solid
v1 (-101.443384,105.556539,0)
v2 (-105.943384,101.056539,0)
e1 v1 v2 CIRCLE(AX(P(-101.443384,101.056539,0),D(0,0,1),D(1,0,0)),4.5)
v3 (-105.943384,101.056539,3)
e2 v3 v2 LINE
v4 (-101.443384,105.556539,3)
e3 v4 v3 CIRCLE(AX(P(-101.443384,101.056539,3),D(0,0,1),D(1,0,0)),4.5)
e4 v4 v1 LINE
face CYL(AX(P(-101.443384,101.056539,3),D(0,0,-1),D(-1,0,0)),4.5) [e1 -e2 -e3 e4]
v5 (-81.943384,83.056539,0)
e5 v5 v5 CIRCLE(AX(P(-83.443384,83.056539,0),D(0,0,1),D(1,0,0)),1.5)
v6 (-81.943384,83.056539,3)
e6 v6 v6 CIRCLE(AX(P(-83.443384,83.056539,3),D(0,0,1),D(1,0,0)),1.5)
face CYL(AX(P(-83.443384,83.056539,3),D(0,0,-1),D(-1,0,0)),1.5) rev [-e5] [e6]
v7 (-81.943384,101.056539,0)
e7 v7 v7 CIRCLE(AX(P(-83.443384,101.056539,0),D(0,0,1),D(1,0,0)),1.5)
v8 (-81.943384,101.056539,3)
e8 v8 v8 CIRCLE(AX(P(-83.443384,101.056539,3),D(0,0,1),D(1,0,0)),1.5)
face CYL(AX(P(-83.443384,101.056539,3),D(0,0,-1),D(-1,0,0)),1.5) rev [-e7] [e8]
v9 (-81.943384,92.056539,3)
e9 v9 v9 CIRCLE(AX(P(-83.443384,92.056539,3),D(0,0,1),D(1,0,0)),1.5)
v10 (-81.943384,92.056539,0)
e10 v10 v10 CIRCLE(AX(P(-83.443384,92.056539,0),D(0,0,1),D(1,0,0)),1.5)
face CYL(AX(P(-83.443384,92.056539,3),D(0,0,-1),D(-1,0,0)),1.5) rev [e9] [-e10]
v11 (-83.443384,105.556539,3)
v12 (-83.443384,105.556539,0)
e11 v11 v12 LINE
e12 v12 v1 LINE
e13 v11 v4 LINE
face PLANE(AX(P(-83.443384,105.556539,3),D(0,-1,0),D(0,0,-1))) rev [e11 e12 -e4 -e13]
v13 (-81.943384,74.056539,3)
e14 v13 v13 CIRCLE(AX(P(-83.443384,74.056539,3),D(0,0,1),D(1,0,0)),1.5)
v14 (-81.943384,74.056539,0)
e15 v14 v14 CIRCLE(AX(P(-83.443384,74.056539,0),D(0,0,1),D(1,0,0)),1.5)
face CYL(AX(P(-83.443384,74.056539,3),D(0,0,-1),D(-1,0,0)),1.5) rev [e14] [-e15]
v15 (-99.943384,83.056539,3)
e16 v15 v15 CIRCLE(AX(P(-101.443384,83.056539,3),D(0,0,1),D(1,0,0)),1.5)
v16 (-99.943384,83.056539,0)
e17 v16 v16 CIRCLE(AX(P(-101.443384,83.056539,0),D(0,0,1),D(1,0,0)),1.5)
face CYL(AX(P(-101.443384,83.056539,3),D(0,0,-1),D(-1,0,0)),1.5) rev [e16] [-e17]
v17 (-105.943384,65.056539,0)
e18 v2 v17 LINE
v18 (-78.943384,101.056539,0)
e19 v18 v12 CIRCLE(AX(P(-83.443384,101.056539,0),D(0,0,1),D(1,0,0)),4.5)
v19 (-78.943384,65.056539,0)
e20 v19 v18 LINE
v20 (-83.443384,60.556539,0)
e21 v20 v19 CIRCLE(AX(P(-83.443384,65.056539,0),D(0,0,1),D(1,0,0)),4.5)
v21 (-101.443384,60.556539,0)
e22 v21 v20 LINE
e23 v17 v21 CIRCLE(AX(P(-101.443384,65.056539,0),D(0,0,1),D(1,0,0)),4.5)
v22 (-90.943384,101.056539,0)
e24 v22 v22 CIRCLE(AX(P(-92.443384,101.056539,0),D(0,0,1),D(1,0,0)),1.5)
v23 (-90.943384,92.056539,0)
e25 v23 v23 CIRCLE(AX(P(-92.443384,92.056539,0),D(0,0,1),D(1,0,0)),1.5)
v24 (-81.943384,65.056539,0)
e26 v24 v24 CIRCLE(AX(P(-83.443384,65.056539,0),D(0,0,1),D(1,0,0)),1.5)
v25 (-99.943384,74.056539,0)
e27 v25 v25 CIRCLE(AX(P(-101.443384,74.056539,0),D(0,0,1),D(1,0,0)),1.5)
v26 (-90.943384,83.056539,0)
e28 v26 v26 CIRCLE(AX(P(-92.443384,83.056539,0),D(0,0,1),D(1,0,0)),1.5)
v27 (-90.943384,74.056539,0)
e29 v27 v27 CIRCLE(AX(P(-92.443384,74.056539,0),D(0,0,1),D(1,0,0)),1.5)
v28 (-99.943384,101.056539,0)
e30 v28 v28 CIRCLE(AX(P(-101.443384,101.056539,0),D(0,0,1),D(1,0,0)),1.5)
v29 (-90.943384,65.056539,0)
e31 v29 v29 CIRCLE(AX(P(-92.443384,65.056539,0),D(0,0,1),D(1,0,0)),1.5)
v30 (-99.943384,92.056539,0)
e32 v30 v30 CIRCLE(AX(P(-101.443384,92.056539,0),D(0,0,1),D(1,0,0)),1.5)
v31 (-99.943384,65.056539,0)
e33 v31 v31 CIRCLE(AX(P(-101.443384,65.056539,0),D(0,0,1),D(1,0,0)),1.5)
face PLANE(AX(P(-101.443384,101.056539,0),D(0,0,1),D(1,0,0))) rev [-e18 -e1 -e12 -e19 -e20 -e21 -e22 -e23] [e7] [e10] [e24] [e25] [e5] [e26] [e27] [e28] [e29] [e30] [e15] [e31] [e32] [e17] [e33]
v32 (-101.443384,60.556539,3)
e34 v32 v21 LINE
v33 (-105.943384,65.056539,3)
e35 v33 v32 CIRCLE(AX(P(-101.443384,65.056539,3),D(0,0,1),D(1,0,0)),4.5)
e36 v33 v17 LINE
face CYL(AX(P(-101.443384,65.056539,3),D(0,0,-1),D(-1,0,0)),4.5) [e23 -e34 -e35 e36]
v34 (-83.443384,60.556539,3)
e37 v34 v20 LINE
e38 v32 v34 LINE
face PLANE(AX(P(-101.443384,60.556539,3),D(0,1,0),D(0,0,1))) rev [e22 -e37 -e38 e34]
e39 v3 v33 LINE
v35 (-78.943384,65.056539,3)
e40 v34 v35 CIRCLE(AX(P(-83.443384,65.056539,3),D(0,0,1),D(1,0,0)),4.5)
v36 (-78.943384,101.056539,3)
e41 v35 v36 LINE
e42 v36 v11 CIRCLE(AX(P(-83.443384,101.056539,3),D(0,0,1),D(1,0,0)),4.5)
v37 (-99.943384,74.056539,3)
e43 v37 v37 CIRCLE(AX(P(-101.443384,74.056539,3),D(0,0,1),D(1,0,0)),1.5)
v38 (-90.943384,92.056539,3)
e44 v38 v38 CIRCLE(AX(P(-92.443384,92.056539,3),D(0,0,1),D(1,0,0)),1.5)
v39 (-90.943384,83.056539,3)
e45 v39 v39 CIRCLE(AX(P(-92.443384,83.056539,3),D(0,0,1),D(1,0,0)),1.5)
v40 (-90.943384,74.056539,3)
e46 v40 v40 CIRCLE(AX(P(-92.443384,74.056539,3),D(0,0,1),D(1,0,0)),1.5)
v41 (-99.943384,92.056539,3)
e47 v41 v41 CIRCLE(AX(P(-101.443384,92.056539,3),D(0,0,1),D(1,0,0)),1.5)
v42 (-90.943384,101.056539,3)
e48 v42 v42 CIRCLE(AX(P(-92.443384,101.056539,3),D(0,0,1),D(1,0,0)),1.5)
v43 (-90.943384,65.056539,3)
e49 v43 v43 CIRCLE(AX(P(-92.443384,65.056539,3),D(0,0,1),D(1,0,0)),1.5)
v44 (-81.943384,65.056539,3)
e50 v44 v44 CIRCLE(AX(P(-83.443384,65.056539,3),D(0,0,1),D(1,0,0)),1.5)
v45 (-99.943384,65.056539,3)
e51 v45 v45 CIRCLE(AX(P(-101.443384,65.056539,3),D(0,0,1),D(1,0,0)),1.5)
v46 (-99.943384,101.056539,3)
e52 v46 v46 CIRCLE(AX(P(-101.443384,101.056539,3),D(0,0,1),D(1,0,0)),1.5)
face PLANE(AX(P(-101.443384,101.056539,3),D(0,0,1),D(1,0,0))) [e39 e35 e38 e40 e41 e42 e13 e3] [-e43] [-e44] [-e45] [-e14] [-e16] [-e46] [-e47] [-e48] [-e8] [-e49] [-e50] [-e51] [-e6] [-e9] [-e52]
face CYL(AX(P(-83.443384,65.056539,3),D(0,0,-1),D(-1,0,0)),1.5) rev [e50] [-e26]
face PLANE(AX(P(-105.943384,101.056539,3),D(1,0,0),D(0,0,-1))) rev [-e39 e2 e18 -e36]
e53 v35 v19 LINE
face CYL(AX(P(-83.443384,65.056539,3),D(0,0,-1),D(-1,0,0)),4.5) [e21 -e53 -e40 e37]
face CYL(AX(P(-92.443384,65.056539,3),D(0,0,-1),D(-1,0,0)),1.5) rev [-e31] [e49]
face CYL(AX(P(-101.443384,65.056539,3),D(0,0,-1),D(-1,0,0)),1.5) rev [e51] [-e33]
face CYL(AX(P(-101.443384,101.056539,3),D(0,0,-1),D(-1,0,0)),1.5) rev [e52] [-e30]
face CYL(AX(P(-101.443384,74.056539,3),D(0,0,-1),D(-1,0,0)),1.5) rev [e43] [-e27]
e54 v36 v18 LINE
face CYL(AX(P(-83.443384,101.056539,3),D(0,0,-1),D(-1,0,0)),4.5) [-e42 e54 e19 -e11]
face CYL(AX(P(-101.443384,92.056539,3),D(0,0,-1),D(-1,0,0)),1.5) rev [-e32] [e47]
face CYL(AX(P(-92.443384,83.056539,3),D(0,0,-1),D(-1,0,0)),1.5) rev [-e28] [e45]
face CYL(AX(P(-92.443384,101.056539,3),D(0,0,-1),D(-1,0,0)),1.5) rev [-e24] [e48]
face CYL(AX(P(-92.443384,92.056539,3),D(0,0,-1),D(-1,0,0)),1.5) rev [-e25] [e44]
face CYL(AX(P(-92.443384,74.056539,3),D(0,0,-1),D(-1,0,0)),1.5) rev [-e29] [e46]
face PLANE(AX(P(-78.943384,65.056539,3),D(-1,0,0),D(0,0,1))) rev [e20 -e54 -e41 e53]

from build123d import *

# Parameters (mm, degrees)
MODEL_R                 = 1.5
SALIENTE_EXTRUIR1_DEPTH = 3


with BuildPart() as part:
    # Model → Saliente-Extruir1 (new body)
    with BuildSketch(Plane.XY):
        with BuildLine():
            Line((-105.943383637, 101.056539338), (-105.943383637, 65.056539338))
            ThreePointArc((-105.943383637, 65.056539338), (-104.625364152, 61.874558823), (-101.443383637, 60.556539338))
            Line((-101.443383637, 60.556539338), (-83.443383637, 60.556539338))
            ThreePointArc((-83.443383637, 60.556539338), (-80.261403122, 61.874558823), (-78.943383637, 65.056539338))
            Line((-78.943383637, 65.056539338), (-78.943383637, 101.056539338))
            ThreePointArc((-78.943383637, 101.056539338), (-80.261403122, 104.238519853), (-83.443383637, 105.556539338))
            Line((-83.443383637, 105.556539338), (-101.443383637, 105.556539338))
            ThreePointArc((-101.443383637, 105.556539338), (-104.625364152, 104.238519853), (-105.943383637, 101.056539338))
        make_face()
        with Locations((-101.443383637, 101.056539338)):
            Circle(MODEL_R, mode=Mode.SUBTRACT)
        with Locations((-92.443383637, 101.056539338)):
            Circle(MODEL_R, mode=Mode.SUBTRACT)
        with Locations((-83.443383637, 101.056539338)):
            Circle(MODEL_R, mode=Mode.SUBTRACT)
        with Locations((-101.443383637, 92.056539338)):
            Circle(MODEL_R, mode=Mode.SUBTRACT)
        with Locations((-92.443383637, 92.056539338)):
            Circle(MODEL_R, mode=Mode.SUBTRACT)
        with Locations((-83.443383637, 92.056539338)):
            Circle(MODEL_R, mode=Mode.SUBTRACT)
        with Locations((-101.443383637, 83.056539338)):
            Circle(MODEL_R, mode=Mode.SUBTRACT)
        with Locations((-92.443383637, 83.056539338)):
            Circle(MODEL_R, mode=Mode.SUBTRACT)
        with Locations((-83.443383637, 83.056539338)):
            Circle(MODEL_R, mode=Mode.SUBTRACT)
        with Locations((-101.443383637, 74.056539338)):
            Circle(MODEL_R, mode=Mode.SUBTRACT)
        with Locations((-92.443383637, 74.056539338)):
            Circle(MODEL_R, mode=Mode.SUBTRACT)
        with Locations((-83.443383637, 74.056539338)):
            Circle(MODEL_R, mode=Mode.SUBTRACT)
        with Locations((-101.443383637, 65.056539338)):
            Circle(MODEL_R, mode=Mode.SUBTRACT)
        with Locations((-92.443383637, 65.056539338)):
            Circle(MODEL_R, mode=Mode.SUBTRACT)
        with Locations((-83.443383637, 65.056539338)):
            Circle(MODEL_R, mode=Mode.SUBTRACT)
    extrude(amount=SALIENTE_EXTRUIR1_DEPTH)


solid = part.part
